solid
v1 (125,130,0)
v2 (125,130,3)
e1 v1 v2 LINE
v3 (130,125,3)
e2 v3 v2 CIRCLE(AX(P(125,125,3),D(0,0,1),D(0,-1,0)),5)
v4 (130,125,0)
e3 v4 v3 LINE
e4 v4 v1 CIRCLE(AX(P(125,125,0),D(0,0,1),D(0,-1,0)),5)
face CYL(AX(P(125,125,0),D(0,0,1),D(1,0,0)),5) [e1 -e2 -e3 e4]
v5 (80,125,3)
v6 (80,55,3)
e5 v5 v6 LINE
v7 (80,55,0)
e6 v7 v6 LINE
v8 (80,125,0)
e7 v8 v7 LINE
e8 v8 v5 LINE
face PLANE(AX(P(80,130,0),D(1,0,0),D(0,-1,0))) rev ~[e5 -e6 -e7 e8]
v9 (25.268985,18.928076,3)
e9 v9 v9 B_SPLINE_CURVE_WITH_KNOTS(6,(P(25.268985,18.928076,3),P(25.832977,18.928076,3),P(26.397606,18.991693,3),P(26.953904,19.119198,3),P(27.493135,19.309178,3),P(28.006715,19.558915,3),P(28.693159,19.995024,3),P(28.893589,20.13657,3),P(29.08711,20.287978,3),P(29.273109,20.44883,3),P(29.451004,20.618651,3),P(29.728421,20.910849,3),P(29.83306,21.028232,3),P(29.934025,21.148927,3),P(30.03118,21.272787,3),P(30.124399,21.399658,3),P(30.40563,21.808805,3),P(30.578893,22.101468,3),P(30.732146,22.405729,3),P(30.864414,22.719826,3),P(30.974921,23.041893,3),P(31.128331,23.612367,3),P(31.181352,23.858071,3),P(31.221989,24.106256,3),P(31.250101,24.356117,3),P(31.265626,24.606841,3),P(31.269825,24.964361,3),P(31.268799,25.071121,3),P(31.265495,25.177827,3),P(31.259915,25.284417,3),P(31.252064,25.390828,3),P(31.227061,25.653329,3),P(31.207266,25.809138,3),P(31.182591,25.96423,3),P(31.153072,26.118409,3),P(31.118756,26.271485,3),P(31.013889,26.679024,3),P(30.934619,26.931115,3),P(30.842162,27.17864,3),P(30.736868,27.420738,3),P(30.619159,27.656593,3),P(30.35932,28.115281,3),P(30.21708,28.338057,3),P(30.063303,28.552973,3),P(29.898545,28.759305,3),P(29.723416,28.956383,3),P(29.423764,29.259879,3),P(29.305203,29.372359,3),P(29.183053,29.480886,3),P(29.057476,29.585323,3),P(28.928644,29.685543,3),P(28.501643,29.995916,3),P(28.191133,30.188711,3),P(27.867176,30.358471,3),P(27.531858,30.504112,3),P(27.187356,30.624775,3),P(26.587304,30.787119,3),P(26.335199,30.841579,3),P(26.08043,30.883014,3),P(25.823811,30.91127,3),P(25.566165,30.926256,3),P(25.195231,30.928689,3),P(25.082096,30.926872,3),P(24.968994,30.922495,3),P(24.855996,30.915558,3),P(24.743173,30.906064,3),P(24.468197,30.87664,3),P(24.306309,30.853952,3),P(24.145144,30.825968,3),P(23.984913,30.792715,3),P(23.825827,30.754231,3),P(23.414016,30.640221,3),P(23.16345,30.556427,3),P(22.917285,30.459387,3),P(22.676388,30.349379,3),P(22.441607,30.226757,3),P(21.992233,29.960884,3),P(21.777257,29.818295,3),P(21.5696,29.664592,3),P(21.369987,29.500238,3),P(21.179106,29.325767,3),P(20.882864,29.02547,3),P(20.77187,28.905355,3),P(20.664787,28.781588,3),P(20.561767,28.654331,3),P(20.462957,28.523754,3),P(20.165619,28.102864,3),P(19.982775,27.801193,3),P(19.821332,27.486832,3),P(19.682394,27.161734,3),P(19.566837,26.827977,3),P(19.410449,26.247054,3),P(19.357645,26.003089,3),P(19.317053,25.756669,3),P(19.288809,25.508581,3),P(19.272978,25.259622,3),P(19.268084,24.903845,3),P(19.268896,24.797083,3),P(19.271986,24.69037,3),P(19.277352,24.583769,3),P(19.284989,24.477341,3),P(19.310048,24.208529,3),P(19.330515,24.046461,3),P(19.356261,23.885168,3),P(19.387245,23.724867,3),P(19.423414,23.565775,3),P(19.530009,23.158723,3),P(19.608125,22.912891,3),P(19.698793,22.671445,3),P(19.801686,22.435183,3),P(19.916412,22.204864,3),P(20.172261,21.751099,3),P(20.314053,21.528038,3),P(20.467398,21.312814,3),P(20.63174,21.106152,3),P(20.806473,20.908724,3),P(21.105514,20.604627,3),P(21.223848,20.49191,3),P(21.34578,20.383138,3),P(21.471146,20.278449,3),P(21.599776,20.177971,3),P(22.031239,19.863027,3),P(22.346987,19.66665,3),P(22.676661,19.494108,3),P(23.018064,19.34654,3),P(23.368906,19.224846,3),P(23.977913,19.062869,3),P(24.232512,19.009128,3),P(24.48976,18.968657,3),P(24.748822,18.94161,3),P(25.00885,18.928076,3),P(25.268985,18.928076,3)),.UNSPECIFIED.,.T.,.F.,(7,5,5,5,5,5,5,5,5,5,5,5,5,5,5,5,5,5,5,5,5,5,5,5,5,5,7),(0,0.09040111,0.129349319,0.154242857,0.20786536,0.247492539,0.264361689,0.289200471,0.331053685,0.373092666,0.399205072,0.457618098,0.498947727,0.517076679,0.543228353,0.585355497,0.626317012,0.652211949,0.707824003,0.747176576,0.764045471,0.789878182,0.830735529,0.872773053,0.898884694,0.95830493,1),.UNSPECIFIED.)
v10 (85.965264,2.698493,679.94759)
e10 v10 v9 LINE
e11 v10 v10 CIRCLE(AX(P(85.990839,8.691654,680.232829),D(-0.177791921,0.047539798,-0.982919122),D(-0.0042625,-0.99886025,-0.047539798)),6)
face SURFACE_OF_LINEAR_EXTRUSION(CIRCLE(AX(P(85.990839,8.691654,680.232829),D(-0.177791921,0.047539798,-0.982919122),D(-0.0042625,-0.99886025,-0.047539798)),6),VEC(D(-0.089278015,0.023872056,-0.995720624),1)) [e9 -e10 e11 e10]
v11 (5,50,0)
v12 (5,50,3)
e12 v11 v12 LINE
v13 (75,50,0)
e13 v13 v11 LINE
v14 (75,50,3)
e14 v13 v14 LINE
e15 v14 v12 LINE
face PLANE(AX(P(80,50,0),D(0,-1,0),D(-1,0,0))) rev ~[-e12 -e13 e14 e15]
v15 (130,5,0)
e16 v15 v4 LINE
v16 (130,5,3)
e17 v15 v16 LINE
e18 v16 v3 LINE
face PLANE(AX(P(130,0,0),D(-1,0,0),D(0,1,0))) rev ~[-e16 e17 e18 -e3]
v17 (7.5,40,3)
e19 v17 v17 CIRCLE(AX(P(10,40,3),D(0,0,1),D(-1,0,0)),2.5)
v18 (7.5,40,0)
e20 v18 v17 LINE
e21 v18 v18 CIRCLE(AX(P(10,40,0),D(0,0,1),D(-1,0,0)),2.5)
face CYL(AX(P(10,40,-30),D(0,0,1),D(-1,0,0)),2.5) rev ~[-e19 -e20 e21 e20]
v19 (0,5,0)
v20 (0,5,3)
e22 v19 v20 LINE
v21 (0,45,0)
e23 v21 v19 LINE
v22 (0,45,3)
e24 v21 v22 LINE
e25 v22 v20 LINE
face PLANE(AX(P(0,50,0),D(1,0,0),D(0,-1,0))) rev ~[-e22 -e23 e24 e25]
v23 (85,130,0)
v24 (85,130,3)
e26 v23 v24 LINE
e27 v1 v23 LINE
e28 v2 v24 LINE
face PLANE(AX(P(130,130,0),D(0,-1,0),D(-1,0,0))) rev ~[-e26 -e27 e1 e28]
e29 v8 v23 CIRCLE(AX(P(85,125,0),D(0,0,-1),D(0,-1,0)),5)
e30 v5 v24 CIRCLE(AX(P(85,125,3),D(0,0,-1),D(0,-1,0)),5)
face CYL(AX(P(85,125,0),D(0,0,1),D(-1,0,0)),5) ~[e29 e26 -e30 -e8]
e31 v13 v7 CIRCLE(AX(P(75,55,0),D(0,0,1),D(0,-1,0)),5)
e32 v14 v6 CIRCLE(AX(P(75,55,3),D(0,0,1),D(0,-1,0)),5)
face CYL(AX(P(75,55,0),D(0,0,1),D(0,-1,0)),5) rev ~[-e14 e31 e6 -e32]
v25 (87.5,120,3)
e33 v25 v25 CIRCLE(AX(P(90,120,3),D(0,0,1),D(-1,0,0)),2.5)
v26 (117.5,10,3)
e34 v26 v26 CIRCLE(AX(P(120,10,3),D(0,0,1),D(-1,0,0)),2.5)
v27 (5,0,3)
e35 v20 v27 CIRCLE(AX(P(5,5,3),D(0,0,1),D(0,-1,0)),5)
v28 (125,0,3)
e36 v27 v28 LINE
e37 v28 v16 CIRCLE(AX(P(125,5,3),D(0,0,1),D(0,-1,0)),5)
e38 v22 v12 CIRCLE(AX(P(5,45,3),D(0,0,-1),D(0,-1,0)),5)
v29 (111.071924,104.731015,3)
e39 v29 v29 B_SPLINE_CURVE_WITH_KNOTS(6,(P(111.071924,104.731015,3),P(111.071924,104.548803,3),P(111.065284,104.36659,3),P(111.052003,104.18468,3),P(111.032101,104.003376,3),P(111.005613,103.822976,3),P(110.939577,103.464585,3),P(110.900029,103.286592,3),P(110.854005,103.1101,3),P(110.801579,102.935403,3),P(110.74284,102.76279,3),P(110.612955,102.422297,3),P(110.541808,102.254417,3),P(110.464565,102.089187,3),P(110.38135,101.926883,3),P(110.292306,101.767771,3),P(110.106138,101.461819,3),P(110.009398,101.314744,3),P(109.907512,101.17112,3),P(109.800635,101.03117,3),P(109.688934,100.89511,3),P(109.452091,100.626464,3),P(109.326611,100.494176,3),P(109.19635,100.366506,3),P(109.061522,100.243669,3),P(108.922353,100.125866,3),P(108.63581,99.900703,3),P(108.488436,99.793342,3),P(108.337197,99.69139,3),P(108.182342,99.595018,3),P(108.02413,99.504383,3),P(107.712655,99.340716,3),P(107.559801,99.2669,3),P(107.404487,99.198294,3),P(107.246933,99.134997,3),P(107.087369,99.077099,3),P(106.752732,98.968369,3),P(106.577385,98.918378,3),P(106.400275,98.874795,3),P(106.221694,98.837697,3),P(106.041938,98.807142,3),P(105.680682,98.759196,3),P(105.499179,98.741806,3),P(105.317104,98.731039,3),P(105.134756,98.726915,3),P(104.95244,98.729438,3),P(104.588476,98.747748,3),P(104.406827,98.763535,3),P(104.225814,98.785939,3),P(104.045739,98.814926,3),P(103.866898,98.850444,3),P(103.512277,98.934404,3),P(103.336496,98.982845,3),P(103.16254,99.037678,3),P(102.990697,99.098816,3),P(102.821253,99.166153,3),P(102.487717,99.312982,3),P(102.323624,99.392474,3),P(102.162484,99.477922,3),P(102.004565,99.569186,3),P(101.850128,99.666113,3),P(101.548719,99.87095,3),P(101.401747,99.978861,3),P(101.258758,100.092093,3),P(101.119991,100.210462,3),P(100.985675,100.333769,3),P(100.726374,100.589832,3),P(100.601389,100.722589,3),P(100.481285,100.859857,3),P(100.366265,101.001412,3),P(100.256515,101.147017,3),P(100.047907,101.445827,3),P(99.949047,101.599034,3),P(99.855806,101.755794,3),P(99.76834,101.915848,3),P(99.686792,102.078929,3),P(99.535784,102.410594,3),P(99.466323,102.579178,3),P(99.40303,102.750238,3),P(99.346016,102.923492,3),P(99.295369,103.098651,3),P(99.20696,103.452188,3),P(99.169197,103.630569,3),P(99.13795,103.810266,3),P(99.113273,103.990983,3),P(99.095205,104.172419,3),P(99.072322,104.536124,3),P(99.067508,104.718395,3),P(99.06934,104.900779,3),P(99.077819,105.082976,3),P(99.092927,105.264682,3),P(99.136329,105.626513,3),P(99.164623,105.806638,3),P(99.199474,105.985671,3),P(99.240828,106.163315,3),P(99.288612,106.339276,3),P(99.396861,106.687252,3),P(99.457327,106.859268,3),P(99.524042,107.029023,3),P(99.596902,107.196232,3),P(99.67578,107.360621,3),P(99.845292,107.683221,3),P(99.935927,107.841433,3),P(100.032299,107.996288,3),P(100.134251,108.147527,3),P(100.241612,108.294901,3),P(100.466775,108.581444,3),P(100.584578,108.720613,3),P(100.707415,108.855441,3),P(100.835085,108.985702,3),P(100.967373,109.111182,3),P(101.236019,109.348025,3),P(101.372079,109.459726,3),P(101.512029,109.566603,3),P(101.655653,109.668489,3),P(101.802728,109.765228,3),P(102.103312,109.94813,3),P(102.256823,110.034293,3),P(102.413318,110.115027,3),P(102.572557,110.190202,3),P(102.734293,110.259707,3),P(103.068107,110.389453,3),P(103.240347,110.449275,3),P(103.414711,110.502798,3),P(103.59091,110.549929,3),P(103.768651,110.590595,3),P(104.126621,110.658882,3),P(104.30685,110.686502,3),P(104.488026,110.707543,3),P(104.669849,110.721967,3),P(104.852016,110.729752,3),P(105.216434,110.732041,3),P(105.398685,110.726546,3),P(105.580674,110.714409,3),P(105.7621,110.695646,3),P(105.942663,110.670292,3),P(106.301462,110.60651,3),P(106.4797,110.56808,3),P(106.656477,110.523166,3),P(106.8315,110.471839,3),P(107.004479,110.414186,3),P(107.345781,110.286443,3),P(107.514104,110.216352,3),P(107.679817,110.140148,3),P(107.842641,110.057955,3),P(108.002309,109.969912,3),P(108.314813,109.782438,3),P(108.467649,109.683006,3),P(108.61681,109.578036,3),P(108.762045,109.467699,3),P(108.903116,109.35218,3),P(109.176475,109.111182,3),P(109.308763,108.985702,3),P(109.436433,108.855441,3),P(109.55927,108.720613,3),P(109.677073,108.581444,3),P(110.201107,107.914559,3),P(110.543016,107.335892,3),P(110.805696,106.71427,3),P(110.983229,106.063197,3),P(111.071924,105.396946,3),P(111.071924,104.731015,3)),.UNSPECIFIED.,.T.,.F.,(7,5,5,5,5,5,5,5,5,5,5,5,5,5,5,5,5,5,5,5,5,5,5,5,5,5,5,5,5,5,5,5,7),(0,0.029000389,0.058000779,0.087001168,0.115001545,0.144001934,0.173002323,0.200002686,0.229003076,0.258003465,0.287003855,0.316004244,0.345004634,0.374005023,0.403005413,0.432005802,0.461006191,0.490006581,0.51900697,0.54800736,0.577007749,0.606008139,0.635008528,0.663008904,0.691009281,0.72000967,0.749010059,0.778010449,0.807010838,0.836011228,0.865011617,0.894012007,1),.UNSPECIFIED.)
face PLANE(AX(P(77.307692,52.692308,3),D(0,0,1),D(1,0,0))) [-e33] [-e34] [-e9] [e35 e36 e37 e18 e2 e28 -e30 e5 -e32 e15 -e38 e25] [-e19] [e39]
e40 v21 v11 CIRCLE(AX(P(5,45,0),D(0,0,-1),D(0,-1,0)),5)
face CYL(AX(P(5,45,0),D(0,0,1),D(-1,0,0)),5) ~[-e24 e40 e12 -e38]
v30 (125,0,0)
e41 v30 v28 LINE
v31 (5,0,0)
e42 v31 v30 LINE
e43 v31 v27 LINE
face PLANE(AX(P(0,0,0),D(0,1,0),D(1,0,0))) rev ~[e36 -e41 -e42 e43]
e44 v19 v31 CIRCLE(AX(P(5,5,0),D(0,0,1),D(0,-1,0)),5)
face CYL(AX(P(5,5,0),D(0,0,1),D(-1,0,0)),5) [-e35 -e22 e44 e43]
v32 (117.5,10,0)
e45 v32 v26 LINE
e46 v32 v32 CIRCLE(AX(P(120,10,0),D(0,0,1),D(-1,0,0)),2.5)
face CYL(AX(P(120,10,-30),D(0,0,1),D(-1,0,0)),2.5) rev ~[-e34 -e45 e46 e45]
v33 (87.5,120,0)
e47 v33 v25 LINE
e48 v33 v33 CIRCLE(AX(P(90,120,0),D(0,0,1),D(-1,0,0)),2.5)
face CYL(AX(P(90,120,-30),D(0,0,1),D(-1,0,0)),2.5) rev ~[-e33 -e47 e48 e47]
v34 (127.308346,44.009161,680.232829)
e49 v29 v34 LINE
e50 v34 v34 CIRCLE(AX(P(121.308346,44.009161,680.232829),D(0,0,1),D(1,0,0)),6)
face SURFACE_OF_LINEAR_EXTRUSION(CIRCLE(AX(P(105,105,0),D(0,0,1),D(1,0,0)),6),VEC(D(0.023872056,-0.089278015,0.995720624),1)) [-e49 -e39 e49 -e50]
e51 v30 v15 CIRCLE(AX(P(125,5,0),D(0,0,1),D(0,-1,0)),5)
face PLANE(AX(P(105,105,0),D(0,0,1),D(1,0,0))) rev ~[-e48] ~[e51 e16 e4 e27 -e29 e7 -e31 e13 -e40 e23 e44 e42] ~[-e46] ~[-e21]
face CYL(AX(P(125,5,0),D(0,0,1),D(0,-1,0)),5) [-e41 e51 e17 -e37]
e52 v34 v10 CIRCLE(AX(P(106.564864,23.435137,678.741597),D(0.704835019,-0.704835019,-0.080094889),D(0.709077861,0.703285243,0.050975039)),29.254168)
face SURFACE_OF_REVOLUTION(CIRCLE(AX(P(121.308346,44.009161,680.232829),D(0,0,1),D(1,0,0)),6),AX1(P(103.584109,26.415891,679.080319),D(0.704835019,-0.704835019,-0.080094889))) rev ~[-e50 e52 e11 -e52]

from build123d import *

# Parameters (mm, degrees)
F1_DEPTH  = 3
F6_R      = 6
F8_W      = 130
F8_H      = 10
F9_DEPTH  = 130.0010001
F11_D     = 5
F11_DEPTH = 30
F11_TIP   = 1.5021515476
F12_R     = 5


with BuildPart() as f1:
    # F0 (on Top) → F1 (new body)
    with BuildSketch(Plane.XY):
        Polygon((0, 50), (0, 0), (130, 0), (130, 130), (80, 130), (80, 50), align=None)
    extrude(amount=F1_DEPTH)

    # F7: sweep along a path in F5
    with BuildLine(Plane(origin=(0, 0, 0), x_dir=(-0.7003277789, -0.7093712678, 0.0795827022), z_dir=(-0.7048350193, 0.7048350193, 0.0800948886))) as f7_path:
        Line((-148.0183999064, 11.8555172446), (-62.0396720886, 689.5798010326))
        ThreePointArc((-62.0396720886, 689.5798010326), (-35.2424761682, 711.3536166166), (-12.2526163933, 685.5921123552))
        Line((-12.2526163933, 685.5921123552), (-35.2424761682, 2.8227422011))
    # F6 (on Top) → F7 (sweep)
    with BuildSketch(Plane.XY):
        with Locations((105, 105)):
            Circle(F6_R)
    sweep(path=f7_path.line)

    # F8 (on Front) → F9 (cut, through all)
    with BuildSketch(Plane.XZ):
        with Locations((65, -5)):
            Rectangle(F8_W, F8_H)
    extrude(amount=-F9_DEPTH, mode=Mode.SUBTRACT)

    # F11
    with Locations(Plane(origin=(0, 0, 0), x_dir=(1, 0, 0), z_dir=(0, 0, -1))):
        with Locations((90, -120), (120, -10), (10, -40)):
            Hole(F11_D / 2, depth=F11_DEPTH)
            with Locations((0, 0, -(F11_DEPTH + F11_TIP / 2))):  # 118° drill point
                Cone(0, F11_D / 2, F11_TIP, mode=Mode.SUBTRACT)

    # F12
    f12_edges = [f1.edges().sort_by_distance(p)[0] for p in [
        (130, 130, 1.5),
        (80, 130, 1.5),
        (80, 50, 1.5),
        (0, 50, 1.5),
        (0, 0, 1.5),
        (130, 0, 1.5),
    ]]
    fillet(f12_edges, radius=F12_R)


solid = f1.part
